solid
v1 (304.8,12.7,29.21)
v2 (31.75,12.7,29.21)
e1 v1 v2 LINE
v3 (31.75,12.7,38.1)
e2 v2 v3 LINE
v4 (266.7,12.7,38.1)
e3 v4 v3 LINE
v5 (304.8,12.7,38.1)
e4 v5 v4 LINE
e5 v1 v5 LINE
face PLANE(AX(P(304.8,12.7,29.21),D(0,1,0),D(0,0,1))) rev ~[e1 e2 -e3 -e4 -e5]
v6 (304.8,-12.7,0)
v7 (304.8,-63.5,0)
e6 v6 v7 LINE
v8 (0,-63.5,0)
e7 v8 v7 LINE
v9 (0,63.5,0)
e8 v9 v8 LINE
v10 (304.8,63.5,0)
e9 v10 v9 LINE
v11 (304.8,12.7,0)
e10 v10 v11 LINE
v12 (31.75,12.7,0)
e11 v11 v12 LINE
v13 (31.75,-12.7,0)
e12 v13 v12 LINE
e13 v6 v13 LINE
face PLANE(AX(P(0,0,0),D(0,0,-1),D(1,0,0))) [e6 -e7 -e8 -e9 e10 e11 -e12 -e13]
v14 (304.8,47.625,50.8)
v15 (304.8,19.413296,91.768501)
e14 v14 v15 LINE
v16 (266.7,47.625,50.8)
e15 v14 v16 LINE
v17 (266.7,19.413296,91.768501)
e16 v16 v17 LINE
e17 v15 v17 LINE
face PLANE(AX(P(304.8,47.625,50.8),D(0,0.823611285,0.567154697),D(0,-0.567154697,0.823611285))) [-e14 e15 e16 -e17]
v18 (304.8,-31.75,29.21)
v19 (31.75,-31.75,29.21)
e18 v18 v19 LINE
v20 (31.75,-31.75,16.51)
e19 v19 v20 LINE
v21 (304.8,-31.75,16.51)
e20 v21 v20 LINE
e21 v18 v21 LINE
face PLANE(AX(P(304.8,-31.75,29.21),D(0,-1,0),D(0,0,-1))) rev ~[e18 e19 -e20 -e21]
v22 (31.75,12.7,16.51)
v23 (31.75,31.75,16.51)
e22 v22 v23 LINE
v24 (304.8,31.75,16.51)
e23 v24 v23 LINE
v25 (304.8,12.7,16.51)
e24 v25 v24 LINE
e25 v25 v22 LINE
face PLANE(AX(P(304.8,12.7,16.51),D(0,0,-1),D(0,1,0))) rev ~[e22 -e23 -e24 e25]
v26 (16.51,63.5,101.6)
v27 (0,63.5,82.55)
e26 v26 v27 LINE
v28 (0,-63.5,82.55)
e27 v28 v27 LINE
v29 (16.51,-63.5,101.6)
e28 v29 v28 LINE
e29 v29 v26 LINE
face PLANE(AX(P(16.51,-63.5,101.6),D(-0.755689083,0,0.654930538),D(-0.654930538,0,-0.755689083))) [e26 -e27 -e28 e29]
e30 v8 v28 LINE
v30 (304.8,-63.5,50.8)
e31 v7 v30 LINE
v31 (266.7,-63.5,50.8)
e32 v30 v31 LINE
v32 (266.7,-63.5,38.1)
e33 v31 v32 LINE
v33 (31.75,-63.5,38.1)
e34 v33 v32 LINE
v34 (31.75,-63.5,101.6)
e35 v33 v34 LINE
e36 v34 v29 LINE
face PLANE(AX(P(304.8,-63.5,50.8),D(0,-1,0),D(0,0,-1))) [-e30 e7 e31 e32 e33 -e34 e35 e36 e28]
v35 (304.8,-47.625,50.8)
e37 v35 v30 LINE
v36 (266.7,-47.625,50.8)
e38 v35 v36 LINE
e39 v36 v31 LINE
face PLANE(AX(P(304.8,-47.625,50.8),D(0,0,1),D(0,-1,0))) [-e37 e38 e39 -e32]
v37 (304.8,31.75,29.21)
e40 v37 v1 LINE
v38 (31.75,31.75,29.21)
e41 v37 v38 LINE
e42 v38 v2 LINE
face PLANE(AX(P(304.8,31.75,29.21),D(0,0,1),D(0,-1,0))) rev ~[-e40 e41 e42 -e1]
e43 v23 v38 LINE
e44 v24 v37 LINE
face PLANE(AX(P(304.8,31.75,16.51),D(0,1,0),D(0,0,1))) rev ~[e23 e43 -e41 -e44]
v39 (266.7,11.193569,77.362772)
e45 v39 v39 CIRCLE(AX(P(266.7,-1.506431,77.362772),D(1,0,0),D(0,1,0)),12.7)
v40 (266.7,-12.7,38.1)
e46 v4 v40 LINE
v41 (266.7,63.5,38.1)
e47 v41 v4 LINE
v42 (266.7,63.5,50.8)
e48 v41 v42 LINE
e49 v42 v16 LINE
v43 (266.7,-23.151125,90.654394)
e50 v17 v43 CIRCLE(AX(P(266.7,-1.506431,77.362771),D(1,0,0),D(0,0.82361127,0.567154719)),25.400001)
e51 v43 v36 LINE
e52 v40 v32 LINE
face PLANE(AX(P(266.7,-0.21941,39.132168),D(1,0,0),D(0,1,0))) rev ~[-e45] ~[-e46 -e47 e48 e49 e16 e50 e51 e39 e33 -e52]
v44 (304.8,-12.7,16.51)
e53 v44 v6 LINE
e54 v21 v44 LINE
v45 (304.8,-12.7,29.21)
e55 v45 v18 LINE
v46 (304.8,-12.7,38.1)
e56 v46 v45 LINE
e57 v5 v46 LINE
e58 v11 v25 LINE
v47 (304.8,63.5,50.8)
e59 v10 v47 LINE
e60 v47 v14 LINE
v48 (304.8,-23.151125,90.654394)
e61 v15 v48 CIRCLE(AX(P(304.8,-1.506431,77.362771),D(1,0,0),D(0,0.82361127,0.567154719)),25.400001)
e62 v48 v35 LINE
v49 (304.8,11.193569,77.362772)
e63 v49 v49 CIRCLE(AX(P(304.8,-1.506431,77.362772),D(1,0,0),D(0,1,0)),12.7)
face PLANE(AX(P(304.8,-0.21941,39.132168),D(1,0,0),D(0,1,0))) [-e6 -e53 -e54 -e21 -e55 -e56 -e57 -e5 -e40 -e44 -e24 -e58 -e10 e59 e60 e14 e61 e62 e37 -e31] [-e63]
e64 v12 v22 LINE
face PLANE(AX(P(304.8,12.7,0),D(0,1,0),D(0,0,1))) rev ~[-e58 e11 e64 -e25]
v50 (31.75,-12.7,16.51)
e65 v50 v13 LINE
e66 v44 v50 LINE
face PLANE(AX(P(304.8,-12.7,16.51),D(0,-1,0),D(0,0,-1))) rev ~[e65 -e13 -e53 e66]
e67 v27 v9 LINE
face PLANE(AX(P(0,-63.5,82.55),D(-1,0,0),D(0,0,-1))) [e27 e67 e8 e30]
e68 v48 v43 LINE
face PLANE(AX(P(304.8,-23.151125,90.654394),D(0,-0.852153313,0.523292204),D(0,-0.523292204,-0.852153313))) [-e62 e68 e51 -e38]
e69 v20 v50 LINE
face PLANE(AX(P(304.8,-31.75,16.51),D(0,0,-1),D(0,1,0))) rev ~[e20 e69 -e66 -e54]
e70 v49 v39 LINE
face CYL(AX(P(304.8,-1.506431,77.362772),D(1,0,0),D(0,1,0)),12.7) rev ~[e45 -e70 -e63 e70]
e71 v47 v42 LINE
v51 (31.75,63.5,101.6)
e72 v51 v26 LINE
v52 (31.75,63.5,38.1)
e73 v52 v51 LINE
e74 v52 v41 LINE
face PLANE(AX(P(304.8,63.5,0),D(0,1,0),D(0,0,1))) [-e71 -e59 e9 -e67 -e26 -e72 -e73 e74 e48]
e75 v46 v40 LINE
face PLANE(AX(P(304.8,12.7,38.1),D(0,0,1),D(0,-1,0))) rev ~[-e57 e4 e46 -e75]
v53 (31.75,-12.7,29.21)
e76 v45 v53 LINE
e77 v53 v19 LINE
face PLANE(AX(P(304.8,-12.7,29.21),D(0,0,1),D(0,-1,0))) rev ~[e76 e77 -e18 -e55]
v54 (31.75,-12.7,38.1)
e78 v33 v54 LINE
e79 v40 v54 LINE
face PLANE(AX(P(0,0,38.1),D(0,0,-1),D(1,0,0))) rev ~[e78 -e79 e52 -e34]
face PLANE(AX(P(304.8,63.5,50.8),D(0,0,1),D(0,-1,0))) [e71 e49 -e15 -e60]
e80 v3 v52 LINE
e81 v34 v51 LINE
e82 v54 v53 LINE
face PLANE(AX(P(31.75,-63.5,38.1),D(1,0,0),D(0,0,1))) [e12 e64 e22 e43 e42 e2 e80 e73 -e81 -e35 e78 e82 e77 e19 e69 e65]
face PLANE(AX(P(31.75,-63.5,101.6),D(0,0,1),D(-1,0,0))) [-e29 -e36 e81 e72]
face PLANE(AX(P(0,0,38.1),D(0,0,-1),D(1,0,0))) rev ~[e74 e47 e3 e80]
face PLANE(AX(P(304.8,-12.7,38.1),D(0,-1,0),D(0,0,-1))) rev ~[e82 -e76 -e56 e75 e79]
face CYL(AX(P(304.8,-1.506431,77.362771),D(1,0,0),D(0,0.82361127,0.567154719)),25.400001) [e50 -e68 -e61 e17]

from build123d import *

# Parameters (mm, degrees)
F0_W     = 304.8
F0_H     = 38.1
F1_DEPTH = 63.5
F3_DEPTH = 127
F5_DEPTH = 38.1
F6_R     = 12.7
F7_DEPTH = 55.88
F9_DEPTH = 273.05


with BuildPart() as f1:
    # F0 (on Front) → F1 (new body, symmetric)
    with BuildSketch(Plane.XZ):
        with Locations((152.4, 19.05)):
            Rectangle(F0_W, F0_H)
    extrude(amount=F1_DEPTH, both=True)

    # F2 (on face) → F3 (join)
    with BuildSketch(Plane.XZ.offset(63.5)):
        Polygon((0, 82.55), (0, 38.1), (31.75, 38.1), (31.75, 101.6), (16.51, 101.6), align=None)
    extrude(amount=-F3_DEPTH)

    # F4 (on face) → F5 (join)
    with BuildSketch(Plane.YZ.offset(304.8)):
        with BuildLine():
            Line((-63.5, 50.8), (-63.5, 0))
            Line((-63.5, 0), (63.5, 0))
            Line((63.5, 0), (63.5, 50.8))
            Line((63.5, 50.8), (47.625, 50.8))
            Line((47.625, 50.8), (19.413296, 91.768501))
            ThreePointArc((19.413296, 91.768501), (-2.171038, 102.754075), (-23.151125, 90.654394))
            Line((-23.151125, 90.654394), (-47.625, 50.8))
            Line((-47.625, 50.8), (-63.5, 50.8))
        make_face()
    extrude(amount=-F5_DEPTH)

    # F6 (on face) → F7 (cut)
    with BuildSketch(Plane.YZ.offset(304.8)):
        with Locations((-1.506431, 77.362772)):
            Circle(F6_R)
    extrude(amount=-F7_DEPTH, mode=Mode.SUBTRACT)

    # F8 (on face) → F9 (cut)
    with BuildSketch(Plane.YZ.offset(304.8)):
        Polygon((-12.7, 0), (0, 0), (12.7, 0), (12.7, 16.51), (31.75, 16.51), (31.75, 29.21), (12.7, 29.21), (12.7, 38.1), (-12.7, 38.1), (-12.7, 29.21), (-31.75, 29.21), (-31.75, 16.51), (-12.7, 16.51), align=None)
    extrude(amount=-F9_DEPTH, mode=Mode.SUBTRACT)


solid = f1.part
